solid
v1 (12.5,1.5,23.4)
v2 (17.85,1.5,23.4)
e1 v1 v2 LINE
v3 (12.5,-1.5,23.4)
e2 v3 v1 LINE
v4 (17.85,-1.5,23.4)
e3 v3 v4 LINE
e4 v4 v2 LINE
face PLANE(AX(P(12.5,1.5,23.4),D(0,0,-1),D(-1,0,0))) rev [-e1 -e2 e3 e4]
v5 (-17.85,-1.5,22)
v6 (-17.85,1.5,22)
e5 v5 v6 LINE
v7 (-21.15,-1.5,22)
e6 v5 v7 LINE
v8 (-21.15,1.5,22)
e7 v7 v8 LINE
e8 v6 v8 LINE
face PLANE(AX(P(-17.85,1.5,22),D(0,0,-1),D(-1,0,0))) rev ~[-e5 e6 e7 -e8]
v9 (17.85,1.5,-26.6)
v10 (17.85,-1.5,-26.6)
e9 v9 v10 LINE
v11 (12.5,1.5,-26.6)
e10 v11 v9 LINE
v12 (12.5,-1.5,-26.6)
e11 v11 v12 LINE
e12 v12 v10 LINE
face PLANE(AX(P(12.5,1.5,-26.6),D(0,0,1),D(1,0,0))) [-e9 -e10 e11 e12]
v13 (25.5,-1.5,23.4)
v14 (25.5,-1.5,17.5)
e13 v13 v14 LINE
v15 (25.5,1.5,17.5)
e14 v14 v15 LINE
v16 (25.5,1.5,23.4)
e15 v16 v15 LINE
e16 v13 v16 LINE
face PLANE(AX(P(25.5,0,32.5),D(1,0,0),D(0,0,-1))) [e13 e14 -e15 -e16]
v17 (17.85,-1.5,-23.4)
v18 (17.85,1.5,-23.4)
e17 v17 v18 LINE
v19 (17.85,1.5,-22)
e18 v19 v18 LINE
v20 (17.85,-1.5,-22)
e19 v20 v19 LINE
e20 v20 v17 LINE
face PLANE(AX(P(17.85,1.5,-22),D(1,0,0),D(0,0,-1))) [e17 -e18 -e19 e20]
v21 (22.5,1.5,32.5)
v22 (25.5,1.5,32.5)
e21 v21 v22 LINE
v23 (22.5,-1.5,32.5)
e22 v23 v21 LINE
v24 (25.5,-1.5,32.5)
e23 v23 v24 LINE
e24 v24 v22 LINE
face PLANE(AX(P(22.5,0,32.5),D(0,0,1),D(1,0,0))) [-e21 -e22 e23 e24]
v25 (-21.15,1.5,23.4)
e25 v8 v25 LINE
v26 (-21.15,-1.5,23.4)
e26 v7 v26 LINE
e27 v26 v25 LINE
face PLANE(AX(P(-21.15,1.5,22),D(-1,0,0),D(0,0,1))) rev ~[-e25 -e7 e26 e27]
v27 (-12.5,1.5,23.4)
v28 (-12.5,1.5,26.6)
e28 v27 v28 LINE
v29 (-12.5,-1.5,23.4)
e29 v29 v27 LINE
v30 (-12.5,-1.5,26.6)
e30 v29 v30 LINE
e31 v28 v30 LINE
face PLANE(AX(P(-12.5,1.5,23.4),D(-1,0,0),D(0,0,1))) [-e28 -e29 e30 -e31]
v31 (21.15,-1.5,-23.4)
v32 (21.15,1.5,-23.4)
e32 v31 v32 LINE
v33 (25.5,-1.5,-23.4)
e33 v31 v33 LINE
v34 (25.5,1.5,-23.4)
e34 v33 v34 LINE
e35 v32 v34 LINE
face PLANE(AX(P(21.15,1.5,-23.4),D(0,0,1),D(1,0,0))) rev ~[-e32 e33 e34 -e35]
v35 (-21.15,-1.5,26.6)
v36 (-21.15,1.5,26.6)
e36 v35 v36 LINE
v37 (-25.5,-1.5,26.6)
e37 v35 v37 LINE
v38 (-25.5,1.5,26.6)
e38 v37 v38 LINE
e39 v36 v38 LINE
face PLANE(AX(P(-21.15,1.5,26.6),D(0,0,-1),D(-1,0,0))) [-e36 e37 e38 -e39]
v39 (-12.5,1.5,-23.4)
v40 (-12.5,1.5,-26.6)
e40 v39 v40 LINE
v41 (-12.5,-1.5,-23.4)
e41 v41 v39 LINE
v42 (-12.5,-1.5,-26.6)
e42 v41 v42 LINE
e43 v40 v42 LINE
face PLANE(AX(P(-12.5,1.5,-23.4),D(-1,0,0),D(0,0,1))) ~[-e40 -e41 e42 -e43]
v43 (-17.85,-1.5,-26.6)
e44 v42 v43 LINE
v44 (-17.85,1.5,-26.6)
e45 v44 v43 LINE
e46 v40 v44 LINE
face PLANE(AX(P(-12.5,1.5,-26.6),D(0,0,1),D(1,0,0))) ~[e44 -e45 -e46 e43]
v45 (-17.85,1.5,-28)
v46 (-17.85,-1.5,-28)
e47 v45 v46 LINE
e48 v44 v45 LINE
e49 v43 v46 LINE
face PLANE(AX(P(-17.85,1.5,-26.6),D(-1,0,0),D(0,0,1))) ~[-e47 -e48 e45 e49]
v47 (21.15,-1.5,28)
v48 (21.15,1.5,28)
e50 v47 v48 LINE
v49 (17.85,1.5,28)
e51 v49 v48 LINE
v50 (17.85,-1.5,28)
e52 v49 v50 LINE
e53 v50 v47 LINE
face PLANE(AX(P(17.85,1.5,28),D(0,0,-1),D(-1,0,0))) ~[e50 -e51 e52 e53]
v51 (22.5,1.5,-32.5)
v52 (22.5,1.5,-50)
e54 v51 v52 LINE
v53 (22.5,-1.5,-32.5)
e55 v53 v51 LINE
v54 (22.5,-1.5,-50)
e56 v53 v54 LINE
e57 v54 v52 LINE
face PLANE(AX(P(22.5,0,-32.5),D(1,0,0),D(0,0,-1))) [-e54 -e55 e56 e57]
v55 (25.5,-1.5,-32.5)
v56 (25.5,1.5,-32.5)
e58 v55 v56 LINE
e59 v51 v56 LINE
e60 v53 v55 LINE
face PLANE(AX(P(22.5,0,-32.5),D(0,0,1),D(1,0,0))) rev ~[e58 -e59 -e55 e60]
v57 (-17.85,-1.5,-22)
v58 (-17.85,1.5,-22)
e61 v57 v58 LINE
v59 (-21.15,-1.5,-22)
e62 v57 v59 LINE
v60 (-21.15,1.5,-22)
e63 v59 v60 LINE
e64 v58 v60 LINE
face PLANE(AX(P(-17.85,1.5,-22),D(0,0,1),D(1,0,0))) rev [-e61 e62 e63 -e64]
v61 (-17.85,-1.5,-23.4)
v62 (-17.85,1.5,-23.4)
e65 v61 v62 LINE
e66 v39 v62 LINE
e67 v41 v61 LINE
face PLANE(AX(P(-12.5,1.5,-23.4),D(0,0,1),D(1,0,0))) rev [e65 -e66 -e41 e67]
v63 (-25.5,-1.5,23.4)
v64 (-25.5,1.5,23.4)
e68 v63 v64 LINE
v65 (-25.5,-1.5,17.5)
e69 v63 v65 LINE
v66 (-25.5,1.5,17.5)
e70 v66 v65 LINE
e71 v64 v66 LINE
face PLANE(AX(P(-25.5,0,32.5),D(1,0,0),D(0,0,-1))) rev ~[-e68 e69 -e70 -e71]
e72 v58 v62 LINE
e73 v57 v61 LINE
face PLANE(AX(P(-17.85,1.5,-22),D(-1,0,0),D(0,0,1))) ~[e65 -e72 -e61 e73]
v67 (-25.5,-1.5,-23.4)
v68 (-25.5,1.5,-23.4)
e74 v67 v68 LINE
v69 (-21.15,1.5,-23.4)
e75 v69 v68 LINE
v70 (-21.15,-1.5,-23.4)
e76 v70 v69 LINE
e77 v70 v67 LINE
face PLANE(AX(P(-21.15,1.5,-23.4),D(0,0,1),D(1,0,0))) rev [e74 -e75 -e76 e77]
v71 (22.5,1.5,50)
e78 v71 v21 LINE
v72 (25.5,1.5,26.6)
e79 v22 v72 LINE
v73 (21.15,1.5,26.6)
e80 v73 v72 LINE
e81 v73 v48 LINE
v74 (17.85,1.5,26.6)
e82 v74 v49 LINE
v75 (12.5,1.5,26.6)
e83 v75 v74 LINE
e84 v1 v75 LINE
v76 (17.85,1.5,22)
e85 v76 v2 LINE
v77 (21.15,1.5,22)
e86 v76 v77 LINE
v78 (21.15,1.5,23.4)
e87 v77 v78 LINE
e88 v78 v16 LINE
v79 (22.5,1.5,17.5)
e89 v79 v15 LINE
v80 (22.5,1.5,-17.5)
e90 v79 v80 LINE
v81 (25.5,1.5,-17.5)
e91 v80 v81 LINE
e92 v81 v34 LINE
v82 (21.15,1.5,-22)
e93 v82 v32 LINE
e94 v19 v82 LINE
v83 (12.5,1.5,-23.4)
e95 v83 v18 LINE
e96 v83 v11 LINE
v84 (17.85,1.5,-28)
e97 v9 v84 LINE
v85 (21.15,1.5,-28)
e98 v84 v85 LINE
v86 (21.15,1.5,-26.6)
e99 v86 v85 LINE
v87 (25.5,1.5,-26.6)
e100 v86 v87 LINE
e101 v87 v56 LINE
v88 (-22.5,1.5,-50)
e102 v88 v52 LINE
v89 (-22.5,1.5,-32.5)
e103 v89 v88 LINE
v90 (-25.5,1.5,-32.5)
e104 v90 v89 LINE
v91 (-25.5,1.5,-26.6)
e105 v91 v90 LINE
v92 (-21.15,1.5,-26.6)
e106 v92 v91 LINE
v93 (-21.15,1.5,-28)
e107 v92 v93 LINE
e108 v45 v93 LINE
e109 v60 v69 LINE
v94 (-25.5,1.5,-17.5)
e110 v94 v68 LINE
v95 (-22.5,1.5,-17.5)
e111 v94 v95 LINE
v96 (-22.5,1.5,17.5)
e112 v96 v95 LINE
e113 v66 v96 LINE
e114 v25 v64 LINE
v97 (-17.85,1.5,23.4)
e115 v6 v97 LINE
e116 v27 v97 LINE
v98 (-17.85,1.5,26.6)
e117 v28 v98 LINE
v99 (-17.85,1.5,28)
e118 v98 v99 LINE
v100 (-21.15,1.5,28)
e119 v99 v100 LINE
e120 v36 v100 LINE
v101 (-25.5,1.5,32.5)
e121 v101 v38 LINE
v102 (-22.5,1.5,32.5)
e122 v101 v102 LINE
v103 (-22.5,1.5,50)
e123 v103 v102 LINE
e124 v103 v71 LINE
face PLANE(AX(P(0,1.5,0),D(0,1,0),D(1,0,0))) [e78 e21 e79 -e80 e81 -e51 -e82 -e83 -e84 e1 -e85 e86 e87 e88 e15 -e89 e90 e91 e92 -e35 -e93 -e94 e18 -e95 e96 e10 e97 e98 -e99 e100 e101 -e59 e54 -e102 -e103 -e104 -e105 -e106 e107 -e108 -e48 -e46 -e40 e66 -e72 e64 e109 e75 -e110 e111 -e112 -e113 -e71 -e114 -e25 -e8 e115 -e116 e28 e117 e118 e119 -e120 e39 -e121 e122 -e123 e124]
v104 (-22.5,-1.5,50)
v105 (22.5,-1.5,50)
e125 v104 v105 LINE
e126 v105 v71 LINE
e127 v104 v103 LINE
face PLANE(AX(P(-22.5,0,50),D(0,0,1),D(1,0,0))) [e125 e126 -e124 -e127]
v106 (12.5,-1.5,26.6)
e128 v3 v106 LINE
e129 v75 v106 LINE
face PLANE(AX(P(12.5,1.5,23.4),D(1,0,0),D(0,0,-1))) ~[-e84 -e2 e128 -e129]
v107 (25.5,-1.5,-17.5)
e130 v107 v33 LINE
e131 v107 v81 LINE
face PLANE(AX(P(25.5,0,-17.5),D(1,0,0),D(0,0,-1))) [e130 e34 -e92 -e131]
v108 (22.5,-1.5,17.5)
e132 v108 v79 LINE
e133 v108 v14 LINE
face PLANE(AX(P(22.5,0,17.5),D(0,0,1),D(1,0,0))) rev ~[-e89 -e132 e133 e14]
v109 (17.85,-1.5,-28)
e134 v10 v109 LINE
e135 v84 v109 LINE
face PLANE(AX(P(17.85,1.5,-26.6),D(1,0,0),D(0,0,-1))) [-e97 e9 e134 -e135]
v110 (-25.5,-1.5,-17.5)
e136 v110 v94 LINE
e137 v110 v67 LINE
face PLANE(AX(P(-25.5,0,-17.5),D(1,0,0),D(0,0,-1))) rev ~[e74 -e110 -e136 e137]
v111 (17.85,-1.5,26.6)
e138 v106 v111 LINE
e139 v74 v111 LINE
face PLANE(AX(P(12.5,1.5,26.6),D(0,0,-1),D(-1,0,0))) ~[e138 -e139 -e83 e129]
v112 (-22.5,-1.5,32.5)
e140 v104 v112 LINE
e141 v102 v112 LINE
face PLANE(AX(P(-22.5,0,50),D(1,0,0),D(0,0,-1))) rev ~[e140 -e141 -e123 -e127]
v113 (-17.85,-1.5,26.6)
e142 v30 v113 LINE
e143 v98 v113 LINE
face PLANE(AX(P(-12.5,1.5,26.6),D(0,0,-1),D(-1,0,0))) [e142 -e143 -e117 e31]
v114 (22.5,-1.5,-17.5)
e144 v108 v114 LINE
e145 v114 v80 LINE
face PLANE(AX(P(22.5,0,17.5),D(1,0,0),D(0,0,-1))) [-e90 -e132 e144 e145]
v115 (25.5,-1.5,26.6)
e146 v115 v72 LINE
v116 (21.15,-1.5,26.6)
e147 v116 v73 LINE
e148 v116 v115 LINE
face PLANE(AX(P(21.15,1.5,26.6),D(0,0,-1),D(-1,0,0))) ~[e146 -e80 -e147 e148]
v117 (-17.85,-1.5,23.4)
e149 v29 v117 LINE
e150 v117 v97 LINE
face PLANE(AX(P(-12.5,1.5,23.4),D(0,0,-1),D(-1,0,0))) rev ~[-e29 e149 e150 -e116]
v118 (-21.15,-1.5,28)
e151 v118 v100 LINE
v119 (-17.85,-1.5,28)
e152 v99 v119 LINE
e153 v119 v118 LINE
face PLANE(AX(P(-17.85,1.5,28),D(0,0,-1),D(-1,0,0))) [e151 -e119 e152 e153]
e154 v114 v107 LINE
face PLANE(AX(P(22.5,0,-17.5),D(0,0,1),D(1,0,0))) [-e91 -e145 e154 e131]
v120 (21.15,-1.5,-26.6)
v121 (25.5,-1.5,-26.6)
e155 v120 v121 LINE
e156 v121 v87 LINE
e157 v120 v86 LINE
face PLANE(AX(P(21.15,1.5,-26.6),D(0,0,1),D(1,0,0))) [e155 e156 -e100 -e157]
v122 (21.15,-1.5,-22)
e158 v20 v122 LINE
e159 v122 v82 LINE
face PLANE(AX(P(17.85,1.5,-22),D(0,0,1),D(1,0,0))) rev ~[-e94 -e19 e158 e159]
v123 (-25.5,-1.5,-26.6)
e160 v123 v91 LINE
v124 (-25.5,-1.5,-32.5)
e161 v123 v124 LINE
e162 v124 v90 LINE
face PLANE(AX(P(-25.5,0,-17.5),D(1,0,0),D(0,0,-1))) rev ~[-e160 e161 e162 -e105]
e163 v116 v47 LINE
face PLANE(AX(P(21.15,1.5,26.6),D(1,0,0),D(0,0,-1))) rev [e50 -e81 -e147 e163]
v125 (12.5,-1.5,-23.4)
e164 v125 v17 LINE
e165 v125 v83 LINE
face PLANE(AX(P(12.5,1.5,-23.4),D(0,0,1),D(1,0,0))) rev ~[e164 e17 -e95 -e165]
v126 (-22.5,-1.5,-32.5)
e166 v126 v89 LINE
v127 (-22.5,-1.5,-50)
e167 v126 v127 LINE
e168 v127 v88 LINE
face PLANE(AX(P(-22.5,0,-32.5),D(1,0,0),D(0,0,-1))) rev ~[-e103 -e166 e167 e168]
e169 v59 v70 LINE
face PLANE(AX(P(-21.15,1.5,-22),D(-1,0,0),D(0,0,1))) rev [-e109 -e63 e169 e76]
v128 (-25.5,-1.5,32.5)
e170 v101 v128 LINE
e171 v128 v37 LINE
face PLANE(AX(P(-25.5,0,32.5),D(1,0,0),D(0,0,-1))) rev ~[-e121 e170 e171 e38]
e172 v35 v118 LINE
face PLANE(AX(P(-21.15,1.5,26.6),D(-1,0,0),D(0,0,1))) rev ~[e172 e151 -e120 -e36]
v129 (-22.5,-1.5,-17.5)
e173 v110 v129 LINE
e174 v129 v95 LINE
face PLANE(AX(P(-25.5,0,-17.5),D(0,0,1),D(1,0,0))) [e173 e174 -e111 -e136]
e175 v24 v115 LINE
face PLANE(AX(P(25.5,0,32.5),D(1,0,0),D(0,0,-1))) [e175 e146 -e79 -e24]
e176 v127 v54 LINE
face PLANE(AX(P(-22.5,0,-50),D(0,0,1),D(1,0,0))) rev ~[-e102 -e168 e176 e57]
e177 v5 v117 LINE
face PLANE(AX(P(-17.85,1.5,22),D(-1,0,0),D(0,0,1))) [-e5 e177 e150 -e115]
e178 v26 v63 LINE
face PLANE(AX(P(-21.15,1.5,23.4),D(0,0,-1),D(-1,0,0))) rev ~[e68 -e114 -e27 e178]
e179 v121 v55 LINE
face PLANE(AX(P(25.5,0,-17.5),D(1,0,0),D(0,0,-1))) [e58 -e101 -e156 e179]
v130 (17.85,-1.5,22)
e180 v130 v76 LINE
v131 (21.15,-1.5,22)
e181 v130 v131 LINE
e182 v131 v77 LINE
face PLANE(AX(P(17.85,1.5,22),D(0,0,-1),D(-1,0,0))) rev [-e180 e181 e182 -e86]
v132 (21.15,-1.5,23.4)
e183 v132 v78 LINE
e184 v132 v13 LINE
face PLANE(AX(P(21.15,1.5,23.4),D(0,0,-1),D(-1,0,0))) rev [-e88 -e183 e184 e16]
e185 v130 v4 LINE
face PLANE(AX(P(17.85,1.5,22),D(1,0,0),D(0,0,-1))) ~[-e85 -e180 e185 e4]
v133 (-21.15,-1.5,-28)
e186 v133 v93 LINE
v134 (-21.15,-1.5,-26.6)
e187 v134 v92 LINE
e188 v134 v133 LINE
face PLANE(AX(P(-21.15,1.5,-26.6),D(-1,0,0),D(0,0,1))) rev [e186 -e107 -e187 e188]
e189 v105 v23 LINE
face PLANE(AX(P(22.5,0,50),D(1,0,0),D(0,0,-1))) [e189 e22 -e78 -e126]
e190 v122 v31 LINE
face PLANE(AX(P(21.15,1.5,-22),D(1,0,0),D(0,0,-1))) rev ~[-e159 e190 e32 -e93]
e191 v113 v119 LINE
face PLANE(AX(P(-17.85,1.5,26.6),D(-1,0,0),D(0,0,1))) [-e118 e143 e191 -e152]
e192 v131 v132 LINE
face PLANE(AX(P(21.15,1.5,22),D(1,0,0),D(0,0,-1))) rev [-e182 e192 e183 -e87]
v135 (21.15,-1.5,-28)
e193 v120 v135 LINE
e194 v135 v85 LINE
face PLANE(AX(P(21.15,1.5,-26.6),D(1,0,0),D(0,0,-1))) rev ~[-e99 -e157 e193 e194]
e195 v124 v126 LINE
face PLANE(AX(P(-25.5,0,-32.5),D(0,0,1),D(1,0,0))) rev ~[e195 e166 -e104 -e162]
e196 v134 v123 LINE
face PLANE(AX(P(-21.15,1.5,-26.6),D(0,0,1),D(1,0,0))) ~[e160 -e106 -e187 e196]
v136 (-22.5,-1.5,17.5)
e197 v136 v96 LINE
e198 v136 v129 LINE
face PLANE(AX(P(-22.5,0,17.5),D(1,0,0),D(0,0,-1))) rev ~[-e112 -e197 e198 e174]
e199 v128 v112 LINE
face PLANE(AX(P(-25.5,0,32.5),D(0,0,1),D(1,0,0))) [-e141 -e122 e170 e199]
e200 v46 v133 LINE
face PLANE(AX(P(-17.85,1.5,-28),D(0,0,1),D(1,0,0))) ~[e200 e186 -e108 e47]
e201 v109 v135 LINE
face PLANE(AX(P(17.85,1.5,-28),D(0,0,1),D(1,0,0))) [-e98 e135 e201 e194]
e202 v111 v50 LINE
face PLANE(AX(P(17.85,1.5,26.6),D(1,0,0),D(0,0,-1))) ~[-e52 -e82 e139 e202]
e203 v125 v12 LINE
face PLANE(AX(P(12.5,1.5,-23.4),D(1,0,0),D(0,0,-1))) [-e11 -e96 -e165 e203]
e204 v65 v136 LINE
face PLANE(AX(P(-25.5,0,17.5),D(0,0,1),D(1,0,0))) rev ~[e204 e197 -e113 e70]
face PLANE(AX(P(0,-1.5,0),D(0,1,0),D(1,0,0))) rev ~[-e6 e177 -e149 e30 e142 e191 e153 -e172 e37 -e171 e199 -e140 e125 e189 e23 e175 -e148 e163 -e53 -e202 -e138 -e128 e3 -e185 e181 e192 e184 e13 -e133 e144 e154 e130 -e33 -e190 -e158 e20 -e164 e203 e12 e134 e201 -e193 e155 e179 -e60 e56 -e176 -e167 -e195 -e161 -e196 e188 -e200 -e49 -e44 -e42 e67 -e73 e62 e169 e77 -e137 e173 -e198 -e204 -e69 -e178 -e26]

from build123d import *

# Parameters (mm, degrees)
SKETCH_1_W                 = 45
SKETCH_1_H                 = 100
SKETCH_1_W_2               = 3
SKETCH_1_H_2               = 15
EXTRUDE_1_DEPTH            = 1.5
SKETCH_2_W                 = 5.35
SKETCH_2_H                 = 3.2
SKETCH_2_W_2               = 3.3
SKETCH_2_H_2               = 1.4
SKETCH_2_W_3               = 4.35
CUT_EXTRUDE_1_DEPTH        = 57.207205944
MIRROR_2_COPY_1_SKETCH_W   = 5.35
MIRROR_2_COPY_1_SKETCH_H   = 3.2
MIRROR_2_COPY_1_SKETCH_W_2 = 3.3
MIRROR_2_COPY_1_SKETCH_H_2 = 1.4
MIRROR_2_COPY_1_SKETCH_W_3 = 4.35
MIRROR_2_COPY_1_DEPTH      = 57.207205944


with BuildPart() as part:
    # 草图1 → 凸台-拉伸1 (new, symmetric)
    with BuildSketch(Plane(origin=(0, 0, 0), x_dir=(1, 0, 0), z_dir=(0, 1, 0))):
        Rectangle(SKETCH_1_W, SKETCH_1_H)
        with Locations((-24, 25)):
            Rectangle(SKETCH_1_W_2, SKETCH_1_H_2)
        with Locations((-24, -25)):
            Rectangle(SKETCH_1_W_2, SKETCH_1_H_2)
        with Locations((24, -25)):
            Rectangle(SKETCH_1_W_2, SKETCH_1_H_2)
        with Locations((24, 25)):
            Rectangle(SKETCH_1_W_2, SKETCH_1_H_2)
    extrude(amount=EXTRUDE_1_DEPTH, both=True)

    # 草图2 → 切除-拉伸1 (cut, symmetric)
    with BuildSketch(Plane(origin=(0, 1.5, 0), x_dir=(1, 0, 0), z_dir=(0, 1, 0))):
        with Locations((15.175, 25)):
            Rectangle(SKETCH_2_W, SKETCH_2_H)
        with Locations((19.5, 27.3)):
            Rectangle(SKETCH_2_W_2, SKETCH_2_H_2)
        with Locations((19.5, 25)):
            Rectangle(SKETCH_2_W_2, SKETCH_2_H)
        with Locations((19.5, 22.7)):
            Rectangle(SKETCH_2_W_2, SKETCH_2_H_2)
        with Locations((23.325, 25)):
            Rectangle(SKETCH_2_W_3, SKETCH_2_H)
    cut_extrude_1 = extrude(amount=CUT_EXTRUDE_1_DEPTH, both=True, mode=Mode.SUBTRACT)

    # 镜向1: 切除-拉伸1 across plane
    add(cut_extrude_1.mirror(Plane(origin=(0, 0, 0), x_dir=(0, 0, 1), z_dir=(1, 0, 0))), mode=Mode.SUBTRACT)

    # 镜向2: 切除-拉伸1 across plane
    add(cut_extrude_1.mirror(Plane.XY), mode=Mode.SUBTRACT)

    # 镜向2 copy 1 sketch → 镜向2 copy 1 (cut, symmetric)
    with BuildSketch(Plane(origin=(0, 1.5, 0), x_dir=(-1, 0, 0), z_dir=(0, 1, 0))):
        with Locations((15.175, 25)):
            Rectangle(MIRROR_2_COPY_1_SKETCH_W, MIRROR_2_COPY_1_SKETCH_H)
        with Locations((19.5, 27.3)):
            Rectangle(MIRROR_2_COPY_1_SKETCH_W_2, MIRROR_2_COPY_1_SKETCH_H_2)
        with Locations((19.5, 25)):
            Rectangle(MIRROR_2_COPY_1_SKETCH_W_2, MIRROR_2_COPY_1_SKETCH_H)
        with Locations((19.5, 22.7)):
            Rectangle(MIRROR_2_COPY_1_SKETCH_W_2, MIRROR_2_COPY_1_SKETCH_H_2)
        with Locations((23.325, 25)):
            Rectangle(MIRROR_2_COPY_1_SKETCH_W_3, MIRROR_2_COPY_1_SKETCH_H)
    extrude(amount=MIRROR_2_COPY_1_DEPTH, both=True, mode=Mode.SUBTRACT)


solid = part.part
